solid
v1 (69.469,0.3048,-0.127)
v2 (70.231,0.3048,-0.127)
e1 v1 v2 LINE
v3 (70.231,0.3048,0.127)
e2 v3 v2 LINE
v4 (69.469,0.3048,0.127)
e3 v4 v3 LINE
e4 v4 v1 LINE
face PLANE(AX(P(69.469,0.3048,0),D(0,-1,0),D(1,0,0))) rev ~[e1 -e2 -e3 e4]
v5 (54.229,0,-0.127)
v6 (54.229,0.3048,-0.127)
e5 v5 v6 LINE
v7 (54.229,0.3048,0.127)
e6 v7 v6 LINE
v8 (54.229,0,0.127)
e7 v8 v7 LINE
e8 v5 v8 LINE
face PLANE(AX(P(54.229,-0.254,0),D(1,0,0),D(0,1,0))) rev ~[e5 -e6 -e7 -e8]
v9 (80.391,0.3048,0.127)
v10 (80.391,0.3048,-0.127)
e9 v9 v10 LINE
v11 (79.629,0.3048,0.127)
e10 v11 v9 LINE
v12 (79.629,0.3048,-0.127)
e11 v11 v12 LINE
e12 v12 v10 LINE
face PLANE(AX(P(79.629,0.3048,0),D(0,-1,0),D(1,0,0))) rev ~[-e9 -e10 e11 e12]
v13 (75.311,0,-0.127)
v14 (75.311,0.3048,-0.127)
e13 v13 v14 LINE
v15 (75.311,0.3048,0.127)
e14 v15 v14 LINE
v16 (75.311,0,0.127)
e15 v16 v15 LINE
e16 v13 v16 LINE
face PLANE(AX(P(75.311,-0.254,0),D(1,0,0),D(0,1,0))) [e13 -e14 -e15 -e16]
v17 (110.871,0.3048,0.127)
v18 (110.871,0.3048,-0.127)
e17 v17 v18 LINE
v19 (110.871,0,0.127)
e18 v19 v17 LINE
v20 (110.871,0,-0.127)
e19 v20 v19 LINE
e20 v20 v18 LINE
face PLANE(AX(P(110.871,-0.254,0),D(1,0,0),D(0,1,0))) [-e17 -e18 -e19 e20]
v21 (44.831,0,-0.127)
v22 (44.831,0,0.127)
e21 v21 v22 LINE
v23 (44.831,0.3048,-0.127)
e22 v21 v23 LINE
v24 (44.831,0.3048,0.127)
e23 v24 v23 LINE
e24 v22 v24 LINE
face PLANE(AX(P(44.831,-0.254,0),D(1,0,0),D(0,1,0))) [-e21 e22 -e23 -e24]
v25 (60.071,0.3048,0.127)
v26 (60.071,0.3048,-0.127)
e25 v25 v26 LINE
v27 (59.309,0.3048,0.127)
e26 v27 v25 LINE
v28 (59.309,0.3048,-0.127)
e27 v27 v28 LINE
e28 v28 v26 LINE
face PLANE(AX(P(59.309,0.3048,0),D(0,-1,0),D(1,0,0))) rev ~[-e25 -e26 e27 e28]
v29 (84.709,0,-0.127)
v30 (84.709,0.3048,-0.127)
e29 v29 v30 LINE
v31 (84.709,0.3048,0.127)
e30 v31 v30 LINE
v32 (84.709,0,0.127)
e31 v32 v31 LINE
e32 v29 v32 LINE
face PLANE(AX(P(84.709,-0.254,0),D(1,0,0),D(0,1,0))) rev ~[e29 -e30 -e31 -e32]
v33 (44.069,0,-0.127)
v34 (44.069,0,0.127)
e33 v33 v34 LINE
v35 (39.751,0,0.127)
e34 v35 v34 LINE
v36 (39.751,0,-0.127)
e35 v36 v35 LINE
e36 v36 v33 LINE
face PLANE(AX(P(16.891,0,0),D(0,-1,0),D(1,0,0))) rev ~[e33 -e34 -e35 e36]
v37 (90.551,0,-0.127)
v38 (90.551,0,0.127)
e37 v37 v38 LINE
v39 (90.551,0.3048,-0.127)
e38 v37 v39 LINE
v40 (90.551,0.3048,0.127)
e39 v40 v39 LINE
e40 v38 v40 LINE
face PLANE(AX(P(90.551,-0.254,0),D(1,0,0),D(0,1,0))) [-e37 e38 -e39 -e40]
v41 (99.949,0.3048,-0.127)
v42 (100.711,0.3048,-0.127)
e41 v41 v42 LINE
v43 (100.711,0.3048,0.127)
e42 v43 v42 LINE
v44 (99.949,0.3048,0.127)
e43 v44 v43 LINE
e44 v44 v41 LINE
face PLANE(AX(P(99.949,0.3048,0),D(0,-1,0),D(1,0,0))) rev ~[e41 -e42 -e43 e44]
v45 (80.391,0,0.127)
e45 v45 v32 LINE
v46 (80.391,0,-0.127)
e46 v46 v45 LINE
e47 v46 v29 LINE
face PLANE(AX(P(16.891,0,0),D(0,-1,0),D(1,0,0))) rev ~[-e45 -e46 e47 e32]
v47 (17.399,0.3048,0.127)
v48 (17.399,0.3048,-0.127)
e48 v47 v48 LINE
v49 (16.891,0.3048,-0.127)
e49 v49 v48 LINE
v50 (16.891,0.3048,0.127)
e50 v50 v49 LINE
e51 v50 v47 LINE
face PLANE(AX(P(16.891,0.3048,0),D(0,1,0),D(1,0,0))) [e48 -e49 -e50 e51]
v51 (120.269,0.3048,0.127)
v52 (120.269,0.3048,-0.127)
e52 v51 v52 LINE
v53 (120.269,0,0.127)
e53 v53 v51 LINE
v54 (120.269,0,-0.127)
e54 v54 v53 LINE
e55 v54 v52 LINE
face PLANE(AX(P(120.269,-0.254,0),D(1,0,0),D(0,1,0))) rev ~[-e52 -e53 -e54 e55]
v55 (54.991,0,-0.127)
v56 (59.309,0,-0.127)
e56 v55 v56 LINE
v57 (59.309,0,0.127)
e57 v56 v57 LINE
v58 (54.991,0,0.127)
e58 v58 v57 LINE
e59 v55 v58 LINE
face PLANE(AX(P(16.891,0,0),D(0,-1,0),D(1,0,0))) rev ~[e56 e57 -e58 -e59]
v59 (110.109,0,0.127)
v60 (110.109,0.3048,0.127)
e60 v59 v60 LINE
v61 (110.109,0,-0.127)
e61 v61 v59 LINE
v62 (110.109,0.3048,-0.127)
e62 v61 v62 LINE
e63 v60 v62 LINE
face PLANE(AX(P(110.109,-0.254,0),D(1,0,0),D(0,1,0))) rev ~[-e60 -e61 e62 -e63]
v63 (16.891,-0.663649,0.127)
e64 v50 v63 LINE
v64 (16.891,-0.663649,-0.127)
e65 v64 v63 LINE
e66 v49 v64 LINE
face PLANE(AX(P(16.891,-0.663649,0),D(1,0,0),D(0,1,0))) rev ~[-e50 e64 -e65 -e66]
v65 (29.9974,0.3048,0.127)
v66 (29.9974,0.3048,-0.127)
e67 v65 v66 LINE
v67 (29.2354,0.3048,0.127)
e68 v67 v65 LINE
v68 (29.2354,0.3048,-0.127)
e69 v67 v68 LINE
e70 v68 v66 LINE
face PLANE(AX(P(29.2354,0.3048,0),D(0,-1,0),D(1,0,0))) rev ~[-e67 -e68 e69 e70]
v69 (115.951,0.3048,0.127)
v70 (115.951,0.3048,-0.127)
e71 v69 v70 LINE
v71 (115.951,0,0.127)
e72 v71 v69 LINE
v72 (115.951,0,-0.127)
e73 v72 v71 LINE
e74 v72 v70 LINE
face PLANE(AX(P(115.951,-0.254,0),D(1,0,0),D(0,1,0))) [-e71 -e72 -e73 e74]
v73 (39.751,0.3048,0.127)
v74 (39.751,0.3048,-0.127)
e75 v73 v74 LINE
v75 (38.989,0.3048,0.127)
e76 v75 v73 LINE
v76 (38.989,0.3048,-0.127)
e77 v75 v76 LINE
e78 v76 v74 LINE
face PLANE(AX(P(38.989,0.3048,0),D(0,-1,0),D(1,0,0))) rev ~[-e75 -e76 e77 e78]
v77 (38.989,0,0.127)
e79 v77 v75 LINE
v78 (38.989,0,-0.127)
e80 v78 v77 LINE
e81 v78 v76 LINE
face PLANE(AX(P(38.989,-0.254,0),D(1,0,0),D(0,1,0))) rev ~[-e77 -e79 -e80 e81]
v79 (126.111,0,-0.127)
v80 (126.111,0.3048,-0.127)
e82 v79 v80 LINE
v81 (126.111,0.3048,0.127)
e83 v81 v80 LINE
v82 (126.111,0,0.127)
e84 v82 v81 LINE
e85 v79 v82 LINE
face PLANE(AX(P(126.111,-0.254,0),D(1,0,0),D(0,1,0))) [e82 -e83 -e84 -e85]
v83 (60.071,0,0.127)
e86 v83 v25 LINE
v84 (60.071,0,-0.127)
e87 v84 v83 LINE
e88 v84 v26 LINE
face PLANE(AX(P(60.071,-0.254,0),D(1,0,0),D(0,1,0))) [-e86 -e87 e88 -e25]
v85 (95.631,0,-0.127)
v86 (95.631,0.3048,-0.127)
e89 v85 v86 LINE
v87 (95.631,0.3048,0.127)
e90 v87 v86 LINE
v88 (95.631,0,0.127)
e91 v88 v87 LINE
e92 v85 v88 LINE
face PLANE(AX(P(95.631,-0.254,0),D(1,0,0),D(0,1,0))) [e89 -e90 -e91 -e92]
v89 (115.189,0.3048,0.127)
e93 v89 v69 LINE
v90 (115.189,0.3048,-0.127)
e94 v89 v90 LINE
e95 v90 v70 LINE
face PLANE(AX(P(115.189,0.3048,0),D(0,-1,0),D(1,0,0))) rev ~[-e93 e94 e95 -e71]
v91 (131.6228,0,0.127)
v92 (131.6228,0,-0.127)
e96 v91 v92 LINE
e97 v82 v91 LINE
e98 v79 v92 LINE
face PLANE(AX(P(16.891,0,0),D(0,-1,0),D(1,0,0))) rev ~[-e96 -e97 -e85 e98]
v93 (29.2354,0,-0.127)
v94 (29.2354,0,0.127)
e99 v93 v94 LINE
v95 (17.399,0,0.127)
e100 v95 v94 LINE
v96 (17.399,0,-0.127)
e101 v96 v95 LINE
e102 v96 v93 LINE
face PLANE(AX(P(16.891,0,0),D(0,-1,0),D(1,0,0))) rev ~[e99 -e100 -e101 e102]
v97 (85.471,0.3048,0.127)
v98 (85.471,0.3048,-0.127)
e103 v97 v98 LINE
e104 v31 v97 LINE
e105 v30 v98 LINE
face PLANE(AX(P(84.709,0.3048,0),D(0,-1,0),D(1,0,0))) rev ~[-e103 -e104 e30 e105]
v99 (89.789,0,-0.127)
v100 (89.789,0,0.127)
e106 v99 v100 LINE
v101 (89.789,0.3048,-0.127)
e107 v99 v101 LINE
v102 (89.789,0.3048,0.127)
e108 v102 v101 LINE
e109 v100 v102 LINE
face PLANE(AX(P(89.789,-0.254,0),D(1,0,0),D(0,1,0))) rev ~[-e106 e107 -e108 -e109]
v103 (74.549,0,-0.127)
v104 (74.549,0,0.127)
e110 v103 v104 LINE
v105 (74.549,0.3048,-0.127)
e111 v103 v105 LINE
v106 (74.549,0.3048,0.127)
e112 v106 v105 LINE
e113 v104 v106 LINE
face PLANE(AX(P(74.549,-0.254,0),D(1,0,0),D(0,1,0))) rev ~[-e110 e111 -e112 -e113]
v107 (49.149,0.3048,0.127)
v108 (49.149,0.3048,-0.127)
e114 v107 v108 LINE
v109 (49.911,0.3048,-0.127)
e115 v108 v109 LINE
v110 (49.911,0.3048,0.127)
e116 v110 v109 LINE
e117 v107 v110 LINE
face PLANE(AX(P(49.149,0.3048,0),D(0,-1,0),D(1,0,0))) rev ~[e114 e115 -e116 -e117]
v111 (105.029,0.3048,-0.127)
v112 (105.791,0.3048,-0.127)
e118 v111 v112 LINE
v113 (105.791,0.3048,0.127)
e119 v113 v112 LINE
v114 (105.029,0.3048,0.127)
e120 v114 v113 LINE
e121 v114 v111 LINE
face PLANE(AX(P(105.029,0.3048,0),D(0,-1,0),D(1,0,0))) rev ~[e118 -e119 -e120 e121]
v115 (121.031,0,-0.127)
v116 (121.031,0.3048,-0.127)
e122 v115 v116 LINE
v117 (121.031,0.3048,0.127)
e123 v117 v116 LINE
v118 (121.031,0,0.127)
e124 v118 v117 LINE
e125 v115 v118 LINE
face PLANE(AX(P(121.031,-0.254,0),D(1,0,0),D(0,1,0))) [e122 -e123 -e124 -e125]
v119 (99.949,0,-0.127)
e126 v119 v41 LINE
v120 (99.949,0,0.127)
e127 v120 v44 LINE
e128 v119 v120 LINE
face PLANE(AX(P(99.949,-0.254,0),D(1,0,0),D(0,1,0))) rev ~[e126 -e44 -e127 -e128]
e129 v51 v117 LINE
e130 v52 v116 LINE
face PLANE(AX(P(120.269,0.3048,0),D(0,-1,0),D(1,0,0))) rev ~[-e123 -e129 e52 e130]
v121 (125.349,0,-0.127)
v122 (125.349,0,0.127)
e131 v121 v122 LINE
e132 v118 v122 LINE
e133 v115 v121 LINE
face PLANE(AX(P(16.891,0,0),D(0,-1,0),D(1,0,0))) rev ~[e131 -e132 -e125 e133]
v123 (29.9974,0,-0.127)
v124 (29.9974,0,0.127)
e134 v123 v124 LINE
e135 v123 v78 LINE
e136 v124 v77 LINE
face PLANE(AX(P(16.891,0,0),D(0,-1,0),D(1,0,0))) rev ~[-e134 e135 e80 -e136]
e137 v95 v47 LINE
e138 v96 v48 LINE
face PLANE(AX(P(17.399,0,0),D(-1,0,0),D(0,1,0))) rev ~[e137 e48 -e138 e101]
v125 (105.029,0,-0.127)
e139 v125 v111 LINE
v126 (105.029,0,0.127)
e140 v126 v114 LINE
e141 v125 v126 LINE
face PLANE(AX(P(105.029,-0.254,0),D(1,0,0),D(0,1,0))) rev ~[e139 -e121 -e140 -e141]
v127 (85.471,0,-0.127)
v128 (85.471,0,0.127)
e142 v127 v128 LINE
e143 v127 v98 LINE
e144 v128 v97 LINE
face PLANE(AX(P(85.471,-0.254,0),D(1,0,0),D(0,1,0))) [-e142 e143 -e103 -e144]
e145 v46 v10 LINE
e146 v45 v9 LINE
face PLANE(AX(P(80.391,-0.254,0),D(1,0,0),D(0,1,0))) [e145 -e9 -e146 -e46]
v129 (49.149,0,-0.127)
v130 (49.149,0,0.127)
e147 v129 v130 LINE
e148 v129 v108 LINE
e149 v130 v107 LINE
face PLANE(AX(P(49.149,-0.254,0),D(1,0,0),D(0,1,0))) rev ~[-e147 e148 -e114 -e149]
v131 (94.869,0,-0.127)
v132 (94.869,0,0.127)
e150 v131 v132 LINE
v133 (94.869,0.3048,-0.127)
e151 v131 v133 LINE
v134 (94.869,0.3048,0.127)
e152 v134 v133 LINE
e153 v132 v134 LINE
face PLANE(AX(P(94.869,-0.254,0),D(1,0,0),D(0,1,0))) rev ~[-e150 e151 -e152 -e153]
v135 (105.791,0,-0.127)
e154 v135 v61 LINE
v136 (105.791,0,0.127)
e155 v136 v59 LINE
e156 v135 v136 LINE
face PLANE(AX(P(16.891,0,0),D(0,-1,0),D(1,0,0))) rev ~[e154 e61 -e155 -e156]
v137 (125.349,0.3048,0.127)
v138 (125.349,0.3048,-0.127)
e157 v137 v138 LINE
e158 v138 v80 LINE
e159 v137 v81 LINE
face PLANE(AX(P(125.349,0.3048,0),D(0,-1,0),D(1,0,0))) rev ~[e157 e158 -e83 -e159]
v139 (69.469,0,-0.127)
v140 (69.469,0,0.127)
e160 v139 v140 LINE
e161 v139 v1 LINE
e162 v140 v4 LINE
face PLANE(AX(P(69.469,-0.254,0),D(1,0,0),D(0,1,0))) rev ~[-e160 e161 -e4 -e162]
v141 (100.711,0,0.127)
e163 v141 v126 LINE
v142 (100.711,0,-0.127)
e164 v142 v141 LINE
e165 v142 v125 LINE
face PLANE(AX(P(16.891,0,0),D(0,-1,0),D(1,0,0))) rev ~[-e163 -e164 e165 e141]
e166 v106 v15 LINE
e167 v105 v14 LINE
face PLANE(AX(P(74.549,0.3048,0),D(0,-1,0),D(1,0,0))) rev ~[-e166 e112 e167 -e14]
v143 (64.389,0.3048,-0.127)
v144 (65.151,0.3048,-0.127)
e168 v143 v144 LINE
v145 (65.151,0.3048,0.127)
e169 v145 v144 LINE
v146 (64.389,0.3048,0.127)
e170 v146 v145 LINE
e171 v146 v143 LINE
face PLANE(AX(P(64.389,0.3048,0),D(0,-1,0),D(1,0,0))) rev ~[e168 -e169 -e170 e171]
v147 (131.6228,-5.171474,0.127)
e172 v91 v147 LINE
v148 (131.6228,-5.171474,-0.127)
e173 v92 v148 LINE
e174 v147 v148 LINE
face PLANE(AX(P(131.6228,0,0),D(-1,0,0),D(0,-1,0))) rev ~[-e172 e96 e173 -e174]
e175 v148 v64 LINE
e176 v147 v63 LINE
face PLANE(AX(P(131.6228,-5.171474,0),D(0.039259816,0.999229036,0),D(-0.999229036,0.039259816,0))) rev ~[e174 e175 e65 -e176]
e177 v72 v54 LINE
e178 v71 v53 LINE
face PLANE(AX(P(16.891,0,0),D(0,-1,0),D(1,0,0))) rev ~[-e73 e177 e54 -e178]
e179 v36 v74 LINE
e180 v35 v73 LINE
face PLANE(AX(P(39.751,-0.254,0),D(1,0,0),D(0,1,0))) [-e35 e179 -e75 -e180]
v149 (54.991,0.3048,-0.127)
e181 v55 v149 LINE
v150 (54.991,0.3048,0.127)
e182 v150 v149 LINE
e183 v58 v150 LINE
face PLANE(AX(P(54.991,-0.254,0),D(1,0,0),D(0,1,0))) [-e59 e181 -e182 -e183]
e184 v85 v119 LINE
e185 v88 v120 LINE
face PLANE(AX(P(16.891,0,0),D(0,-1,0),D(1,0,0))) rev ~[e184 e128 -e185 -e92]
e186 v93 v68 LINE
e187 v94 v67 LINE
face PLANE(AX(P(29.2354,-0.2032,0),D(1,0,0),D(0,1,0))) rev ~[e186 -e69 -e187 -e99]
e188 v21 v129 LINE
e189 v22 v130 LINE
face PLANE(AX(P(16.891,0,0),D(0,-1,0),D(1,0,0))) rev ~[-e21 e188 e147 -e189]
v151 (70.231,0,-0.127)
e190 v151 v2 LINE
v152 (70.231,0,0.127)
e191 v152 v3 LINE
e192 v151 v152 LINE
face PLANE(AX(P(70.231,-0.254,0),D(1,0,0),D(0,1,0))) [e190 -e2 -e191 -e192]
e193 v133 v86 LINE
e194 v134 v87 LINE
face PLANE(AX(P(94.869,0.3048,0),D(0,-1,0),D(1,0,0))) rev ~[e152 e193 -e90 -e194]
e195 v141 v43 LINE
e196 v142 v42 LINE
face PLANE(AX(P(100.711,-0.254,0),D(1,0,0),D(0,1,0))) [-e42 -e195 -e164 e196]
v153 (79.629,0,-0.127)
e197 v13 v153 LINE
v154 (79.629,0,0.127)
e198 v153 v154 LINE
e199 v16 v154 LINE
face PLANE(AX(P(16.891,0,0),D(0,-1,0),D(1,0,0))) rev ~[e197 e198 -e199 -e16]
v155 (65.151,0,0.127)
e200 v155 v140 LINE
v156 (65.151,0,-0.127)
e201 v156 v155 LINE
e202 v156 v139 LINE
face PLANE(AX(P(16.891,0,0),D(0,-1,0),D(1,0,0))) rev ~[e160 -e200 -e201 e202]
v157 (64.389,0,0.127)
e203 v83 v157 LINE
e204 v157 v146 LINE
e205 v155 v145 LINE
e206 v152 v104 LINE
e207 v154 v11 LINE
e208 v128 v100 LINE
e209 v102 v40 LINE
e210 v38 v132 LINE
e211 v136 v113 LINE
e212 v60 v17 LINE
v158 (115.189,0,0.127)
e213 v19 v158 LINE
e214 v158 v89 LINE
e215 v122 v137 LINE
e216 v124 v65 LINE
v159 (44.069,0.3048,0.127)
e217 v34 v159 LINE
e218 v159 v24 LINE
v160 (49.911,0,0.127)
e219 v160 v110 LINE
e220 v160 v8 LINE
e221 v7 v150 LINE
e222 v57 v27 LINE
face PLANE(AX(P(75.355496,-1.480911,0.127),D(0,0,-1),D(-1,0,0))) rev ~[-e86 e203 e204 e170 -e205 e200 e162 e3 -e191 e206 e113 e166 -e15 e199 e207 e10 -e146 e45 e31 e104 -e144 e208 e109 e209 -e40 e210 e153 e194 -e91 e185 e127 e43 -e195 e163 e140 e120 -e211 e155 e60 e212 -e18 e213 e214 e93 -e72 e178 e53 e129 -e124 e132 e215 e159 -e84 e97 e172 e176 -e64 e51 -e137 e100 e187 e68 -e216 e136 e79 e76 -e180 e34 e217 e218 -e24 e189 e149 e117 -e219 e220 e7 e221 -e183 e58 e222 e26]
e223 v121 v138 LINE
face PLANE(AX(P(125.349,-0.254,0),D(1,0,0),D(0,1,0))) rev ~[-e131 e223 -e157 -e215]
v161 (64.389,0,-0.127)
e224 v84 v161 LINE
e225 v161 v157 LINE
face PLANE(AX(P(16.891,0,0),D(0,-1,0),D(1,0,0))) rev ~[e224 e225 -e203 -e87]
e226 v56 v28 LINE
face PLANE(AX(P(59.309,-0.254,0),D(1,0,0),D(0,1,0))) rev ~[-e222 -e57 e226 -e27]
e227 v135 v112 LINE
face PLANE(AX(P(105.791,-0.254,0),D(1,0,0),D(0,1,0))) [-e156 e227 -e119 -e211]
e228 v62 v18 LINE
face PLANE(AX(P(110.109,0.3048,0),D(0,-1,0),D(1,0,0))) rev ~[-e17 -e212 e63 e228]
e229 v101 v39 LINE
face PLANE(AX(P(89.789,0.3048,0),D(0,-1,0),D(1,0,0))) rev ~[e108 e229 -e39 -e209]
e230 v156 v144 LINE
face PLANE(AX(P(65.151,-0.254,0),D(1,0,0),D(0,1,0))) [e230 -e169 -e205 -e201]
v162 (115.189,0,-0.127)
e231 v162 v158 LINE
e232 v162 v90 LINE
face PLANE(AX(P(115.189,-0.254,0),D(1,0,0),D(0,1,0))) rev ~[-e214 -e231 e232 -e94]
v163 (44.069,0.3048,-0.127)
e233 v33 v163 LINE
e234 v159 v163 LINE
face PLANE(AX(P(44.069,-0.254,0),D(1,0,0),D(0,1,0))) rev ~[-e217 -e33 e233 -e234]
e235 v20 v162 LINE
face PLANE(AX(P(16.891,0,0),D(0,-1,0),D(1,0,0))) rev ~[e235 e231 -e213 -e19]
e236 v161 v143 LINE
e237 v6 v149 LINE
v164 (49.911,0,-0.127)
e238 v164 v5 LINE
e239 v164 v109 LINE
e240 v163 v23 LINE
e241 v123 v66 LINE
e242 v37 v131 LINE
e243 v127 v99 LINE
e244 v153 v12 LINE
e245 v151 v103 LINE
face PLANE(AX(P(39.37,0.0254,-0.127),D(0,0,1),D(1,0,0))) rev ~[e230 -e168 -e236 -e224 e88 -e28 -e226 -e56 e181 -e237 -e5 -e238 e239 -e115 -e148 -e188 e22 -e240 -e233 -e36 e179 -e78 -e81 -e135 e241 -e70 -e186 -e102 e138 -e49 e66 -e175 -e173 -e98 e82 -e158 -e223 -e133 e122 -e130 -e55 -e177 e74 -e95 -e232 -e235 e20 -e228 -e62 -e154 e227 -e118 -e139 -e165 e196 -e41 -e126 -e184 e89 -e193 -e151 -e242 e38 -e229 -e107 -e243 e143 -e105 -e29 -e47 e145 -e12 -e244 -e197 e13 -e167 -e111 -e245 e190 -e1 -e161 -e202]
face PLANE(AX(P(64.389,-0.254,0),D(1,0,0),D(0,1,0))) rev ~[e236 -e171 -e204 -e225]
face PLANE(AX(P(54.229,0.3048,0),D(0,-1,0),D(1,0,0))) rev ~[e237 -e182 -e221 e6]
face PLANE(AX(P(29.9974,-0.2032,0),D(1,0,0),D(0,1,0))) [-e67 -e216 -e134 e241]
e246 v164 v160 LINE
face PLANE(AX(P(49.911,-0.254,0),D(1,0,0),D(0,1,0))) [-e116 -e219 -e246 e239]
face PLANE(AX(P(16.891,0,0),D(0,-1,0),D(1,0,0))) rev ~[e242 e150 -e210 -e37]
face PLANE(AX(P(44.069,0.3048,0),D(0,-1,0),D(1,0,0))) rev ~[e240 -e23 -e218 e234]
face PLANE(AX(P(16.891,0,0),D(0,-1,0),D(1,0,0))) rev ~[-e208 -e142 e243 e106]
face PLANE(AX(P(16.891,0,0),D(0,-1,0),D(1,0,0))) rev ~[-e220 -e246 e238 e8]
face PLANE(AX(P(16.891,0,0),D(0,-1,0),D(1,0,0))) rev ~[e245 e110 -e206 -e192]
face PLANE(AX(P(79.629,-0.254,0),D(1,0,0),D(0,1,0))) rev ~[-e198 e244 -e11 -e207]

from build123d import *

# Parameters (mm, degrees)
EXTRUDE1_DEPTH         = 0.127
SKETCH4_W              = 0.508
SKETCH4_H              = 0.3048
SKETCH4_W_2            = 0.762
SKETCH4_H_2            = 0.508
EB_02_TAB_1_DEPTH      = 0.127
SKETCH2_W              = 0.762
SKETCH2_H              = 0.5588
EB_02_TAB_2_DEPTH      = 0.127
LP_01_TAB_2_X_18_COUNT = 18
LP_01_TAB_2_X_18_PITCH = 5.08


with BuildPart() as part:
    # Sketch1 → Extrude1 (new, symmetric)
    with BuildSketch(Plane.XY):
        Polygon((16.891, 0), (131.6228, 0), (131.6228, -5.171473897), (16.891, -0.663649197), align=None)
    extrude(amount=EXTRUDE1_DEPTH, both=True)

    # Sketch4 → EB-02 Tab 1 (add, symmetric)
    with BuildSketch(Plane.XY):
        with Locations((17.145, 0.1524)):
            Rectangle(SKETCH4_W, SKETCH4_H)
        with Locations((29.6164, 0.0508)):
            Rectangle(SKETCH4_W_2, SKETCH4_H_2)
    extrude(amount=EB_02_TAB_1_DEPTH, both=True)

    # Sketch2 → EB-02 Tab 2 (add, symmetric)
    with BuildSketch(Plane.XY):
        with Locations((39.37, 0.0254)):
            Rectangle(SKETCH2_W, SKETCH2_H)
    eb_02_tab_2 = extrude(amount=EB_02_TAB_2_DEPTH, both=True)

    # LP-01 Tab 2 x 18: EB-02 Tab 2 ×18
    with Locations(*[(i * LP_01_TAB_2_X_18_PITCH, 0, 0) for i in range(1, LP_01_TAB_2_X_18_COUNT)]):
        add(eb_02_tab_2)


solid = part.part
